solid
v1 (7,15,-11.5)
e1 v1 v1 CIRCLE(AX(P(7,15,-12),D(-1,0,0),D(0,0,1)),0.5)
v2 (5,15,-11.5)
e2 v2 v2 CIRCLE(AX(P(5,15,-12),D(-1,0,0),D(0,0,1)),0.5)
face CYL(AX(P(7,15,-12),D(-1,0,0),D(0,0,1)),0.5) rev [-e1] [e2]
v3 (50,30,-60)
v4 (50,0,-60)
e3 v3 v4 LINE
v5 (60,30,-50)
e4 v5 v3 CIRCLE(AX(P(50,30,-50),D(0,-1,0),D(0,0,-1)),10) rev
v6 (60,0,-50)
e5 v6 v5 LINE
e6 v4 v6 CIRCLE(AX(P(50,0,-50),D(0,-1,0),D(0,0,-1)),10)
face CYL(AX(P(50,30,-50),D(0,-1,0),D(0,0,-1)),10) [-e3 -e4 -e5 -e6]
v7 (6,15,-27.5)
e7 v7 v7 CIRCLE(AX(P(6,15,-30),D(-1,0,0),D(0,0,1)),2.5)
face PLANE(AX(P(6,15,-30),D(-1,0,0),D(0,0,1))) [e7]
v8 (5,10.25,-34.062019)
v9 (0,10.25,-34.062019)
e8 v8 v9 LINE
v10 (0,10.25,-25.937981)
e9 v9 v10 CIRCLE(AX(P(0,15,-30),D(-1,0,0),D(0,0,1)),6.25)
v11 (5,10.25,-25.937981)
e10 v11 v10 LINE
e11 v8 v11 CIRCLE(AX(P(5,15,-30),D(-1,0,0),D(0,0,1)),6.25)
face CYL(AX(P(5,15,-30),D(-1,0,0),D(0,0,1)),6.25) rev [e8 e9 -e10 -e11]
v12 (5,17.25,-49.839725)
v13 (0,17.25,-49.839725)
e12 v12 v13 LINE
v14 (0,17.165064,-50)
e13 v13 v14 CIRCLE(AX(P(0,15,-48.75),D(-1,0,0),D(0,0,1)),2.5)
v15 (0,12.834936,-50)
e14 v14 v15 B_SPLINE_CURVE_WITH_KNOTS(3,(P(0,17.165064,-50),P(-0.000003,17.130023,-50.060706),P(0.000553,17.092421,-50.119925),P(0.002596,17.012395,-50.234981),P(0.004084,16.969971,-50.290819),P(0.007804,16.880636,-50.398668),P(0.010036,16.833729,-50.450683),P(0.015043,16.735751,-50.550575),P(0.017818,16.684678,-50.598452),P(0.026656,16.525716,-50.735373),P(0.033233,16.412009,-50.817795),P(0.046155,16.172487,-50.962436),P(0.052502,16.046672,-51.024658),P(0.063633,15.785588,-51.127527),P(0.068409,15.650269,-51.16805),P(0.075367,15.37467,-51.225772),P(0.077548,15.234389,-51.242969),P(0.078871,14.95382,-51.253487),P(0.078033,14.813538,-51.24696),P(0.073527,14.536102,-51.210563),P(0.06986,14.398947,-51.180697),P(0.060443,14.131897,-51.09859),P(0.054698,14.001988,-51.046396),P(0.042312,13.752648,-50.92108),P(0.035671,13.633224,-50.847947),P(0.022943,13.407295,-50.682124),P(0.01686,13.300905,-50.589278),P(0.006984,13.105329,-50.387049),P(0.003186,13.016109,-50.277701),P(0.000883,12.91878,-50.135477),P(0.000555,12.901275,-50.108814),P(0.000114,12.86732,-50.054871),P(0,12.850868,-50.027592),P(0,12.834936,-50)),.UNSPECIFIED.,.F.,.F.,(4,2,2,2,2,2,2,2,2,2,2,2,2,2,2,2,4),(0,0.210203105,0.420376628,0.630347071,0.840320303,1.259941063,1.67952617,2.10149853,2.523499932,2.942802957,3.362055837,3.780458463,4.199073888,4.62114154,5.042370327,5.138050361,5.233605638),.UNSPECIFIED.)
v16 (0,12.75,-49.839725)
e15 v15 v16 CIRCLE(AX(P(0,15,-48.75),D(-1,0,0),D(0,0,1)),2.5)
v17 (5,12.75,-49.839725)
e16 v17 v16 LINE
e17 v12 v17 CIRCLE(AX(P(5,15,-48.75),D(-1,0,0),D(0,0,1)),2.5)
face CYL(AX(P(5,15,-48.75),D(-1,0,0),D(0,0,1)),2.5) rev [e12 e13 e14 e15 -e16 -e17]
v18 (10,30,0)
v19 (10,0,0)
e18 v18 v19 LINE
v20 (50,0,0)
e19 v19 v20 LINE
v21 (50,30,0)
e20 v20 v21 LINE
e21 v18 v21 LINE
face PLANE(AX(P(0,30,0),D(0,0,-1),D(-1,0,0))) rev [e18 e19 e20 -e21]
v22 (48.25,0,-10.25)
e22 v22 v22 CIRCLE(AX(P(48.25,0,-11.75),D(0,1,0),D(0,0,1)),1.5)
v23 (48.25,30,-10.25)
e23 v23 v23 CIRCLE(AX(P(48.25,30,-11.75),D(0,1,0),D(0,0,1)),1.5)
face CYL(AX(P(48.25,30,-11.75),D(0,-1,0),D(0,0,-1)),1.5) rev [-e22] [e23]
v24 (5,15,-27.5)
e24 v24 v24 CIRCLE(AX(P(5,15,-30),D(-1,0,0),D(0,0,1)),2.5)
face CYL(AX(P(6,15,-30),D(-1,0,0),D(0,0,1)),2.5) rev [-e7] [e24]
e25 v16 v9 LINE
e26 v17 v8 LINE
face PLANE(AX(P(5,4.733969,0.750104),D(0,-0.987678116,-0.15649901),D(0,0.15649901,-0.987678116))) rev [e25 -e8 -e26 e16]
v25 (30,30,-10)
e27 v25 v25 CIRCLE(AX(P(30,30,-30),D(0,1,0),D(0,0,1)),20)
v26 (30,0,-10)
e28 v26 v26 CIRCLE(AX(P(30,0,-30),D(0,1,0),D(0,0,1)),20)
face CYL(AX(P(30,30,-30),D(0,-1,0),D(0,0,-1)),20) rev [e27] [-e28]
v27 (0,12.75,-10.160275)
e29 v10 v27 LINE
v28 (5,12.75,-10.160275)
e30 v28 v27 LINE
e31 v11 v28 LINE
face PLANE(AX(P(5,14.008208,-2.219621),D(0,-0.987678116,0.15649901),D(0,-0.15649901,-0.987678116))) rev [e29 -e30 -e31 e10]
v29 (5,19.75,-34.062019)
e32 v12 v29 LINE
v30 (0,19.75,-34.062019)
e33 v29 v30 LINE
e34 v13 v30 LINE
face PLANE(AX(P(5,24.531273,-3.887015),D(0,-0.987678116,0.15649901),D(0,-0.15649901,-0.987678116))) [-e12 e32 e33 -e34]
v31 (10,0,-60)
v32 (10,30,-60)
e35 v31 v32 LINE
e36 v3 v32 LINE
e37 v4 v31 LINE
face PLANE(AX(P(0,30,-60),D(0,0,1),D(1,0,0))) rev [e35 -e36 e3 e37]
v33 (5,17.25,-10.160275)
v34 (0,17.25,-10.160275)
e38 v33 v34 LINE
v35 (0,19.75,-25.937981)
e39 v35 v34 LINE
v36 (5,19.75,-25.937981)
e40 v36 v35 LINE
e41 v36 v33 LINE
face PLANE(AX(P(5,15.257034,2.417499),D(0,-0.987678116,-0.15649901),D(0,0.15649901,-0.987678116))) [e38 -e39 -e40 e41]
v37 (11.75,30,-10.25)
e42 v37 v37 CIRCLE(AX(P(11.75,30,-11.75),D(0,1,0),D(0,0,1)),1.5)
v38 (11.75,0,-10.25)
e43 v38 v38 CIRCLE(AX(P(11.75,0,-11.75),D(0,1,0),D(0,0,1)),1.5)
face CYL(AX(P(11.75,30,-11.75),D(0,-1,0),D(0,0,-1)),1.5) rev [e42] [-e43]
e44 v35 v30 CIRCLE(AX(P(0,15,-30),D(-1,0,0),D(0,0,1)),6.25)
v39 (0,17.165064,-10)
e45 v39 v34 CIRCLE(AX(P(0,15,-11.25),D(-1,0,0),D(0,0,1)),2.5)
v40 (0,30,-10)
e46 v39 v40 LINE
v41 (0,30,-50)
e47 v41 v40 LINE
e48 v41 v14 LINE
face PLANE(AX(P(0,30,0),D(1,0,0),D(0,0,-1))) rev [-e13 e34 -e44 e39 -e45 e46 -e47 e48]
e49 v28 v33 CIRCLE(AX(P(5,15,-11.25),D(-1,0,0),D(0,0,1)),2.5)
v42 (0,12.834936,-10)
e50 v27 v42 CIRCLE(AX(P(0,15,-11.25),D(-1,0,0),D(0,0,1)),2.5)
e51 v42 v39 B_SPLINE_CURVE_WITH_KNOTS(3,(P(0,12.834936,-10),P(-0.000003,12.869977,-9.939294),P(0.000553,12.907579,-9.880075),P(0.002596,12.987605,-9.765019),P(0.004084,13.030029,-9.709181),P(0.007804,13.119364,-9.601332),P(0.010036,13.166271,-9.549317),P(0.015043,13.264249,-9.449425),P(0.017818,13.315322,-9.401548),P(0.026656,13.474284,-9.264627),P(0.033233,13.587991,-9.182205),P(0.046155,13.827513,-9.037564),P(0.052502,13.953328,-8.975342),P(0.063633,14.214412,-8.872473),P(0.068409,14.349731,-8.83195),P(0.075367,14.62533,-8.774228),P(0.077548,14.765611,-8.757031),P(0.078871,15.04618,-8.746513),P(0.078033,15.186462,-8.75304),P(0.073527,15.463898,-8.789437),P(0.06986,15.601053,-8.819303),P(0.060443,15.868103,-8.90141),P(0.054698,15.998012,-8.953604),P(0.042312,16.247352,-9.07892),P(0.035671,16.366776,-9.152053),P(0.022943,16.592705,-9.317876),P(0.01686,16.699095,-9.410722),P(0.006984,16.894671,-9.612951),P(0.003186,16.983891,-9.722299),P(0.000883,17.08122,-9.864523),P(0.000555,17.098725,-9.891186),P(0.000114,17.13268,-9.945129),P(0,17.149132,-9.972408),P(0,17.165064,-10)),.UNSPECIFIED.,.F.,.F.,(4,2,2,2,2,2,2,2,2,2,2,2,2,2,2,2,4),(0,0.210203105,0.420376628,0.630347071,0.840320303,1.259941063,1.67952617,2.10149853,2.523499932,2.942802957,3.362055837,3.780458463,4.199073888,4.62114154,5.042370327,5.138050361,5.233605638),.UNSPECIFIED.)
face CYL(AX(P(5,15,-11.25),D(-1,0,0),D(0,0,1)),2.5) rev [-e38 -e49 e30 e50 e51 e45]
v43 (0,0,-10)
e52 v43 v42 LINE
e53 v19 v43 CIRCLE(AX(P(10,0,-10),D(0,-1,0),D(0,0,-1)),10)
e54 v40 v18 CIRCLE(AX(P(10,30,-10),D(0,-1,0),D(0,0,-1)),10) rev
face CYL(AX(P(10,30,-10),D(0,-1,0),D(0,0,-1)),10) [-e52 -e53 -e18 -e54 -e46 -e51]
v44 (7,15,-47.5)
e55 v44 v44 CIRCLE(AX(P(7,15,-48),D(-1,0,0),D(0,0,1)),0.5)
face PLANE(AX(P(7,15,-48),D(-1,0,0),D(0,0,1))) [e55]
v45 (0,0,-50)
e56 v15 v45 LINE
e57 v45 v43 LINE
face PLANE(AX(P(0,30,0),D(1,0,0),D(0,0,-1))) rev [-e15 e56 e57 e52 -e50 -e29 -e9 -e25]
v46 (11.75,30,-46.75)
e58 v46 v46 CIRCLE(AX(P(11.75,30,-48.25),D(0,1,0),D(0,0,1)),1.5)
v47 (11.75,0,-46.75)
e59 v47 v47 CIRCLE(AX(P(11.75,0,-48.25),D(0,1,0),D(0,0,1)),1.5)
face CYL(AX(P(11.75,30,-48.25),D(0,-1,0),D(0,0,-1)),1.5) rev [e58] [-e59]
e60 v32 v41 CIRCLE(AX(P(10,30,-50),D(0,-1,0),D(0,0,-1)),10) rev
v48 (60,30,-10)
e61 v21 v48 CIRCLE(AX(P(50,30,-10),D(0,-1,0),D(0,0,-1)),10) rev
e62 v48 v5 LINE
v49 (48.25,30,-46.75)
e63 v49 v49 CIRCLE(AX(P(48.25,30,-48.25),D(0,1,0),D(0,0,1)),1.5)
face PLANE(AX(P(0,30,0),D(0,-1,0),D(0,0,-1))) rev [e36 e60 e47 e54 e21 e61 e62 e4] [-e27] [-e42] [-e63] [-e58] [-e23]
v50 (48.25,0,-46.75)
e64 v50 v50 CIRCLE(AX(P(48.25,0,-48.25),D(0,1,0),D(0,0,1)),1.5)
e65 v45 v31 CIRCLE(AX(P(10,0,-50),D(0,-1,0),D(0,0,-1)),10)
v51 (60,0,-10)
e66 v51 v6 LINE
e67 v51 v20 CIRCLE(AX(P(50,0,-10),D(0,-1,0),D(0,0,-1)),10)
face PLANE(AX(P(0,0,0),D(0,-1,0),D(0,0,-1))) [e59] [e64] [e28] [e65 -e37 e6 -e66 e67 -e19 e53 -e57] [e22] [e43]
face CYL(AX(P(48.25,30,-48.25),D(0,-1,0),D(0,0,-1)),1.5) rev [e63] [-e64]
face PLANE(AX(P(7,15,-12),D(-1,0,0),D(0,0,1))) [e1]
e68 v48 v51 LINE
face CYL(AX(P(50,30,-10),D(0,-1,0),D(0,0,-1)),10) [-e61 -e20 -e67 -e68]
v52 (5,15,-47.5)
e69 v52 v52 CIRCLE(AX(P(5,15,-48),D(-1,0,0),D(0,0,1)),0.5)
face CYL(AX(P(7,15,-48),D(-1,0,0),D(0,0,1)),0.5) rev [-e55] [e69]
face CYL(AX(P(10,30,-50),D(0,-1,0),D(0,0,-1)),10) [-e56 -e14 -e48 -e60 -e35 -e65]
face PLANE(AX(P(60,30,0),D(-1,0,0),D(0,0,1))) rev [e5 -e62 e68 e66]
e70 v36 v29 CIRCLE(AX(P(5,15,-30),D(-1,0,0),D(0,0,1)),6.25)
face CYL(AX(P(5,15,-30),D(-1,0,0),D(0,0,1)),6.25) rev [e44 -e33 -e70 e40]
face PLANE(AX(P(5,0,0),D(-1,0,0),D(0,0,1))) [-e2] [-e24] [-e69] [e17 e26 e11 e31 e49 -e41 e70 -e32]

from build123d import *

# Parameters (mm, degrees)
SKETCH1_W           = 60
SKETCH1_H           = 60
SKETCH1_R           = 20
SKETCH1_R_2         = 1.5
BOSS_EXTRUDE1_DEPTH = 30
FILLET1_R           = 10
SKETCH2_R           = 6.25
CUT_EXTRUDE1_DEPTH  = 5
SKETCH3_R           = 2.5
CUT_EXTRUDE4_DEPTH  = 1
SKETCH4_R           = 0.5
CUT_EXTRUDE5_DEPTH  = 2


with BuildPart() as part:
    # Sketch1 → Boss-Extrude1 (new body)
    with BuildSketch(Plane(origin=(0, 0, 0), x_dir=(1, 0, 0), z_dir=(0, 1, 0))):
        with Locations((30, 30)):
            Rectangle(SKETCH1_W, SKETCH1_H)
        with Locations(Location((30, 30, 0), (0, 0, 270))):
            Circle(SKETCH1_R, mode=Mode.SUBTRACT)
        with Locations(Location((48.25, 48.25, 0), (0, 0, 270))):
            Circle(SKETCH1_R_2, mode=Mode.SUBTRACT)
        with Locations(Location((11.75, 48.25, 0), (0, 0, 270))):
            Circle(SKETCH1_R_2, mode=Mode.SUBTRACT)
        with Locations(Location((11.75, 11.75, 0), (0, 0, 270))):
            Circle(SKETCH1_R_2, mode=Mode.SUBTRACT)
        with Locations(Location((48.25, 11.75, 0), (0, 0, 270))):
            Circle(SKETCH1_R_2, mode=Mode.SUBTRACT)
    extrude(amount=BOSS_EXTRUDE1_DEPTH)

    # Fillet1
    fillet1_edges = [part.edges().sort_by_distance(p)[0] for p in [
        (0, 15, -60),
        (60, 15, -60),
        (60, 15, 0),
        (0, 15, 0),
    ]]
    fillet(fillet1_edges, radius=FILLET1_R)

    # Sketch2 → Cut-Extrude1 (cut)
    with BuildSketch(Plane.ZY):
        with BuildLine():
            Line((-34.062019202, 19.75), (-48.409222121, 17.476665185))
            ThreePointArc((-48.409222121, 17.476665185), (-46.865597615, 16.642871769), (-46.25, 15))
            ThreePointArc((-46.25, 15), (-46.865597615, 13.357128231), (-48.409222121, 12.523334815))
            Line((-48.409222121, 12.523334815), (-34.062019202, 10.25))
            ThreePointArc((-34.062019202, 10.25), (-36.25, 15), (-34.062019202, 19.75))
        make_face()
        with Locations((-30, 15)):
            Circle(SKETCH2_R)
        with BuildLine():
            Line((-11.590777879, 17.476665185), (-25.937980798, 19.75))
            ThreePointArc((-25.937980798, 19.75), (-24.323287923, 17.614849899), (-23.75, 15))
            ThreePointArc((-23.75, 15), (-24.323287923, 12.385150101), (-25.937980798, 10.25))
            Line((-25.937980798, 10.25), (-11.590777879, 12.523334815))
            ThreePointArc((-11.590777879, 12.523334815), (-13.75, 15), (-11.590777879, 17.476665185))
        make_face()
        with BuildLine():
            Line((-10.160275264, 17.25), (-11.590777879, 17.476665185))
            ThreePointArc((-11.590777879, 17.476665185), (-13.75, 15), (-11.590777879, 12.523334815))
            Line((-11.590777879, 12.523334815), (-10.160275264, 12.75))
            ThreePointArc((-10.160275264, 12.75), (-10.079367047, 12.791014149), (-10, 12.834936491))
            Line((-10, 12.834936491), (-10, 17.165063509))
            ThreePointArc((-10, 17.165063509), (-10.079367047, 17.208985851), (-10.160275264, 17.25))
        make_face()
        with BuildLine():
            ThreePointArc((-8.75, 15), (-9.084936491, 16.25), (-10, 17.165063509))
            Line((-10, 17.165063509), (-10, 12.834936491))
            ThreePointArc((-10, 12.834936491), (-9.084936491, 13.75), (-8.75, 15))
        make_face()
        with BuildLine():
            Line((-48.409222121, 17.476665185), (-49.839724736, 17.25))
            ThreePointArc((-49.839724736, 17.25), (-49.920632953, 17.208985851), (-50, 17.165063509))
            Line((-50, 17.165063509), (-50, 12.834936491))
            ThreePointArc((-50, 12.834936491), (-49.920632953, 12.791014149), (-49.839724736, 12.75))
            Line((-49.839724736, 12.75), (-48.409222121, 12.523334815))
            ThreePointArc((-48.409222121, 12.523334815), (-46.865597615, 13.357128231), (-46.25, 15))
            ThreePointArc((-46.25, 15), (-46.865597615, 16.642871769), (-48.409222121, 17.476665185))
        make_face()
        with BuildLine():
            Line((-50, 12.834936491), (-50, 17.165063509))
            ThreePointArc((-50, 17.165063509), (-51.25, 15), (-50, 12.834936491))
        make_face()
    extrude(amount=-CUT_EXTRUDE1_DEPTH, mode=Mode.SUBTRACT)

    # Sketch3 → Cut-Extrude4 (cut)
    with BuildSketch(Plane.ZY.offset(-5)):
        with Locations((-30, 15)):
            Circle(SKETCH3_R)
    extrude(amount=-CUT_EXTRUDE4_DEPTH, mode=Mode.SUBTRACT)

    # Sketch4 → Cut-Extrude5 (cut)
    with BuildSketch(Plane.ZY.offset(-5)):
        with Locations((-12, 15)):
            Circle(SKETCH4_R)
        with Locations((-48, 15)):
            Circle(SKETCH4_R)
    extrude(amount=-CUT_EXTRUDE5_DEPTH, mode=Mode.SUBTRACT)


solid = part.part
